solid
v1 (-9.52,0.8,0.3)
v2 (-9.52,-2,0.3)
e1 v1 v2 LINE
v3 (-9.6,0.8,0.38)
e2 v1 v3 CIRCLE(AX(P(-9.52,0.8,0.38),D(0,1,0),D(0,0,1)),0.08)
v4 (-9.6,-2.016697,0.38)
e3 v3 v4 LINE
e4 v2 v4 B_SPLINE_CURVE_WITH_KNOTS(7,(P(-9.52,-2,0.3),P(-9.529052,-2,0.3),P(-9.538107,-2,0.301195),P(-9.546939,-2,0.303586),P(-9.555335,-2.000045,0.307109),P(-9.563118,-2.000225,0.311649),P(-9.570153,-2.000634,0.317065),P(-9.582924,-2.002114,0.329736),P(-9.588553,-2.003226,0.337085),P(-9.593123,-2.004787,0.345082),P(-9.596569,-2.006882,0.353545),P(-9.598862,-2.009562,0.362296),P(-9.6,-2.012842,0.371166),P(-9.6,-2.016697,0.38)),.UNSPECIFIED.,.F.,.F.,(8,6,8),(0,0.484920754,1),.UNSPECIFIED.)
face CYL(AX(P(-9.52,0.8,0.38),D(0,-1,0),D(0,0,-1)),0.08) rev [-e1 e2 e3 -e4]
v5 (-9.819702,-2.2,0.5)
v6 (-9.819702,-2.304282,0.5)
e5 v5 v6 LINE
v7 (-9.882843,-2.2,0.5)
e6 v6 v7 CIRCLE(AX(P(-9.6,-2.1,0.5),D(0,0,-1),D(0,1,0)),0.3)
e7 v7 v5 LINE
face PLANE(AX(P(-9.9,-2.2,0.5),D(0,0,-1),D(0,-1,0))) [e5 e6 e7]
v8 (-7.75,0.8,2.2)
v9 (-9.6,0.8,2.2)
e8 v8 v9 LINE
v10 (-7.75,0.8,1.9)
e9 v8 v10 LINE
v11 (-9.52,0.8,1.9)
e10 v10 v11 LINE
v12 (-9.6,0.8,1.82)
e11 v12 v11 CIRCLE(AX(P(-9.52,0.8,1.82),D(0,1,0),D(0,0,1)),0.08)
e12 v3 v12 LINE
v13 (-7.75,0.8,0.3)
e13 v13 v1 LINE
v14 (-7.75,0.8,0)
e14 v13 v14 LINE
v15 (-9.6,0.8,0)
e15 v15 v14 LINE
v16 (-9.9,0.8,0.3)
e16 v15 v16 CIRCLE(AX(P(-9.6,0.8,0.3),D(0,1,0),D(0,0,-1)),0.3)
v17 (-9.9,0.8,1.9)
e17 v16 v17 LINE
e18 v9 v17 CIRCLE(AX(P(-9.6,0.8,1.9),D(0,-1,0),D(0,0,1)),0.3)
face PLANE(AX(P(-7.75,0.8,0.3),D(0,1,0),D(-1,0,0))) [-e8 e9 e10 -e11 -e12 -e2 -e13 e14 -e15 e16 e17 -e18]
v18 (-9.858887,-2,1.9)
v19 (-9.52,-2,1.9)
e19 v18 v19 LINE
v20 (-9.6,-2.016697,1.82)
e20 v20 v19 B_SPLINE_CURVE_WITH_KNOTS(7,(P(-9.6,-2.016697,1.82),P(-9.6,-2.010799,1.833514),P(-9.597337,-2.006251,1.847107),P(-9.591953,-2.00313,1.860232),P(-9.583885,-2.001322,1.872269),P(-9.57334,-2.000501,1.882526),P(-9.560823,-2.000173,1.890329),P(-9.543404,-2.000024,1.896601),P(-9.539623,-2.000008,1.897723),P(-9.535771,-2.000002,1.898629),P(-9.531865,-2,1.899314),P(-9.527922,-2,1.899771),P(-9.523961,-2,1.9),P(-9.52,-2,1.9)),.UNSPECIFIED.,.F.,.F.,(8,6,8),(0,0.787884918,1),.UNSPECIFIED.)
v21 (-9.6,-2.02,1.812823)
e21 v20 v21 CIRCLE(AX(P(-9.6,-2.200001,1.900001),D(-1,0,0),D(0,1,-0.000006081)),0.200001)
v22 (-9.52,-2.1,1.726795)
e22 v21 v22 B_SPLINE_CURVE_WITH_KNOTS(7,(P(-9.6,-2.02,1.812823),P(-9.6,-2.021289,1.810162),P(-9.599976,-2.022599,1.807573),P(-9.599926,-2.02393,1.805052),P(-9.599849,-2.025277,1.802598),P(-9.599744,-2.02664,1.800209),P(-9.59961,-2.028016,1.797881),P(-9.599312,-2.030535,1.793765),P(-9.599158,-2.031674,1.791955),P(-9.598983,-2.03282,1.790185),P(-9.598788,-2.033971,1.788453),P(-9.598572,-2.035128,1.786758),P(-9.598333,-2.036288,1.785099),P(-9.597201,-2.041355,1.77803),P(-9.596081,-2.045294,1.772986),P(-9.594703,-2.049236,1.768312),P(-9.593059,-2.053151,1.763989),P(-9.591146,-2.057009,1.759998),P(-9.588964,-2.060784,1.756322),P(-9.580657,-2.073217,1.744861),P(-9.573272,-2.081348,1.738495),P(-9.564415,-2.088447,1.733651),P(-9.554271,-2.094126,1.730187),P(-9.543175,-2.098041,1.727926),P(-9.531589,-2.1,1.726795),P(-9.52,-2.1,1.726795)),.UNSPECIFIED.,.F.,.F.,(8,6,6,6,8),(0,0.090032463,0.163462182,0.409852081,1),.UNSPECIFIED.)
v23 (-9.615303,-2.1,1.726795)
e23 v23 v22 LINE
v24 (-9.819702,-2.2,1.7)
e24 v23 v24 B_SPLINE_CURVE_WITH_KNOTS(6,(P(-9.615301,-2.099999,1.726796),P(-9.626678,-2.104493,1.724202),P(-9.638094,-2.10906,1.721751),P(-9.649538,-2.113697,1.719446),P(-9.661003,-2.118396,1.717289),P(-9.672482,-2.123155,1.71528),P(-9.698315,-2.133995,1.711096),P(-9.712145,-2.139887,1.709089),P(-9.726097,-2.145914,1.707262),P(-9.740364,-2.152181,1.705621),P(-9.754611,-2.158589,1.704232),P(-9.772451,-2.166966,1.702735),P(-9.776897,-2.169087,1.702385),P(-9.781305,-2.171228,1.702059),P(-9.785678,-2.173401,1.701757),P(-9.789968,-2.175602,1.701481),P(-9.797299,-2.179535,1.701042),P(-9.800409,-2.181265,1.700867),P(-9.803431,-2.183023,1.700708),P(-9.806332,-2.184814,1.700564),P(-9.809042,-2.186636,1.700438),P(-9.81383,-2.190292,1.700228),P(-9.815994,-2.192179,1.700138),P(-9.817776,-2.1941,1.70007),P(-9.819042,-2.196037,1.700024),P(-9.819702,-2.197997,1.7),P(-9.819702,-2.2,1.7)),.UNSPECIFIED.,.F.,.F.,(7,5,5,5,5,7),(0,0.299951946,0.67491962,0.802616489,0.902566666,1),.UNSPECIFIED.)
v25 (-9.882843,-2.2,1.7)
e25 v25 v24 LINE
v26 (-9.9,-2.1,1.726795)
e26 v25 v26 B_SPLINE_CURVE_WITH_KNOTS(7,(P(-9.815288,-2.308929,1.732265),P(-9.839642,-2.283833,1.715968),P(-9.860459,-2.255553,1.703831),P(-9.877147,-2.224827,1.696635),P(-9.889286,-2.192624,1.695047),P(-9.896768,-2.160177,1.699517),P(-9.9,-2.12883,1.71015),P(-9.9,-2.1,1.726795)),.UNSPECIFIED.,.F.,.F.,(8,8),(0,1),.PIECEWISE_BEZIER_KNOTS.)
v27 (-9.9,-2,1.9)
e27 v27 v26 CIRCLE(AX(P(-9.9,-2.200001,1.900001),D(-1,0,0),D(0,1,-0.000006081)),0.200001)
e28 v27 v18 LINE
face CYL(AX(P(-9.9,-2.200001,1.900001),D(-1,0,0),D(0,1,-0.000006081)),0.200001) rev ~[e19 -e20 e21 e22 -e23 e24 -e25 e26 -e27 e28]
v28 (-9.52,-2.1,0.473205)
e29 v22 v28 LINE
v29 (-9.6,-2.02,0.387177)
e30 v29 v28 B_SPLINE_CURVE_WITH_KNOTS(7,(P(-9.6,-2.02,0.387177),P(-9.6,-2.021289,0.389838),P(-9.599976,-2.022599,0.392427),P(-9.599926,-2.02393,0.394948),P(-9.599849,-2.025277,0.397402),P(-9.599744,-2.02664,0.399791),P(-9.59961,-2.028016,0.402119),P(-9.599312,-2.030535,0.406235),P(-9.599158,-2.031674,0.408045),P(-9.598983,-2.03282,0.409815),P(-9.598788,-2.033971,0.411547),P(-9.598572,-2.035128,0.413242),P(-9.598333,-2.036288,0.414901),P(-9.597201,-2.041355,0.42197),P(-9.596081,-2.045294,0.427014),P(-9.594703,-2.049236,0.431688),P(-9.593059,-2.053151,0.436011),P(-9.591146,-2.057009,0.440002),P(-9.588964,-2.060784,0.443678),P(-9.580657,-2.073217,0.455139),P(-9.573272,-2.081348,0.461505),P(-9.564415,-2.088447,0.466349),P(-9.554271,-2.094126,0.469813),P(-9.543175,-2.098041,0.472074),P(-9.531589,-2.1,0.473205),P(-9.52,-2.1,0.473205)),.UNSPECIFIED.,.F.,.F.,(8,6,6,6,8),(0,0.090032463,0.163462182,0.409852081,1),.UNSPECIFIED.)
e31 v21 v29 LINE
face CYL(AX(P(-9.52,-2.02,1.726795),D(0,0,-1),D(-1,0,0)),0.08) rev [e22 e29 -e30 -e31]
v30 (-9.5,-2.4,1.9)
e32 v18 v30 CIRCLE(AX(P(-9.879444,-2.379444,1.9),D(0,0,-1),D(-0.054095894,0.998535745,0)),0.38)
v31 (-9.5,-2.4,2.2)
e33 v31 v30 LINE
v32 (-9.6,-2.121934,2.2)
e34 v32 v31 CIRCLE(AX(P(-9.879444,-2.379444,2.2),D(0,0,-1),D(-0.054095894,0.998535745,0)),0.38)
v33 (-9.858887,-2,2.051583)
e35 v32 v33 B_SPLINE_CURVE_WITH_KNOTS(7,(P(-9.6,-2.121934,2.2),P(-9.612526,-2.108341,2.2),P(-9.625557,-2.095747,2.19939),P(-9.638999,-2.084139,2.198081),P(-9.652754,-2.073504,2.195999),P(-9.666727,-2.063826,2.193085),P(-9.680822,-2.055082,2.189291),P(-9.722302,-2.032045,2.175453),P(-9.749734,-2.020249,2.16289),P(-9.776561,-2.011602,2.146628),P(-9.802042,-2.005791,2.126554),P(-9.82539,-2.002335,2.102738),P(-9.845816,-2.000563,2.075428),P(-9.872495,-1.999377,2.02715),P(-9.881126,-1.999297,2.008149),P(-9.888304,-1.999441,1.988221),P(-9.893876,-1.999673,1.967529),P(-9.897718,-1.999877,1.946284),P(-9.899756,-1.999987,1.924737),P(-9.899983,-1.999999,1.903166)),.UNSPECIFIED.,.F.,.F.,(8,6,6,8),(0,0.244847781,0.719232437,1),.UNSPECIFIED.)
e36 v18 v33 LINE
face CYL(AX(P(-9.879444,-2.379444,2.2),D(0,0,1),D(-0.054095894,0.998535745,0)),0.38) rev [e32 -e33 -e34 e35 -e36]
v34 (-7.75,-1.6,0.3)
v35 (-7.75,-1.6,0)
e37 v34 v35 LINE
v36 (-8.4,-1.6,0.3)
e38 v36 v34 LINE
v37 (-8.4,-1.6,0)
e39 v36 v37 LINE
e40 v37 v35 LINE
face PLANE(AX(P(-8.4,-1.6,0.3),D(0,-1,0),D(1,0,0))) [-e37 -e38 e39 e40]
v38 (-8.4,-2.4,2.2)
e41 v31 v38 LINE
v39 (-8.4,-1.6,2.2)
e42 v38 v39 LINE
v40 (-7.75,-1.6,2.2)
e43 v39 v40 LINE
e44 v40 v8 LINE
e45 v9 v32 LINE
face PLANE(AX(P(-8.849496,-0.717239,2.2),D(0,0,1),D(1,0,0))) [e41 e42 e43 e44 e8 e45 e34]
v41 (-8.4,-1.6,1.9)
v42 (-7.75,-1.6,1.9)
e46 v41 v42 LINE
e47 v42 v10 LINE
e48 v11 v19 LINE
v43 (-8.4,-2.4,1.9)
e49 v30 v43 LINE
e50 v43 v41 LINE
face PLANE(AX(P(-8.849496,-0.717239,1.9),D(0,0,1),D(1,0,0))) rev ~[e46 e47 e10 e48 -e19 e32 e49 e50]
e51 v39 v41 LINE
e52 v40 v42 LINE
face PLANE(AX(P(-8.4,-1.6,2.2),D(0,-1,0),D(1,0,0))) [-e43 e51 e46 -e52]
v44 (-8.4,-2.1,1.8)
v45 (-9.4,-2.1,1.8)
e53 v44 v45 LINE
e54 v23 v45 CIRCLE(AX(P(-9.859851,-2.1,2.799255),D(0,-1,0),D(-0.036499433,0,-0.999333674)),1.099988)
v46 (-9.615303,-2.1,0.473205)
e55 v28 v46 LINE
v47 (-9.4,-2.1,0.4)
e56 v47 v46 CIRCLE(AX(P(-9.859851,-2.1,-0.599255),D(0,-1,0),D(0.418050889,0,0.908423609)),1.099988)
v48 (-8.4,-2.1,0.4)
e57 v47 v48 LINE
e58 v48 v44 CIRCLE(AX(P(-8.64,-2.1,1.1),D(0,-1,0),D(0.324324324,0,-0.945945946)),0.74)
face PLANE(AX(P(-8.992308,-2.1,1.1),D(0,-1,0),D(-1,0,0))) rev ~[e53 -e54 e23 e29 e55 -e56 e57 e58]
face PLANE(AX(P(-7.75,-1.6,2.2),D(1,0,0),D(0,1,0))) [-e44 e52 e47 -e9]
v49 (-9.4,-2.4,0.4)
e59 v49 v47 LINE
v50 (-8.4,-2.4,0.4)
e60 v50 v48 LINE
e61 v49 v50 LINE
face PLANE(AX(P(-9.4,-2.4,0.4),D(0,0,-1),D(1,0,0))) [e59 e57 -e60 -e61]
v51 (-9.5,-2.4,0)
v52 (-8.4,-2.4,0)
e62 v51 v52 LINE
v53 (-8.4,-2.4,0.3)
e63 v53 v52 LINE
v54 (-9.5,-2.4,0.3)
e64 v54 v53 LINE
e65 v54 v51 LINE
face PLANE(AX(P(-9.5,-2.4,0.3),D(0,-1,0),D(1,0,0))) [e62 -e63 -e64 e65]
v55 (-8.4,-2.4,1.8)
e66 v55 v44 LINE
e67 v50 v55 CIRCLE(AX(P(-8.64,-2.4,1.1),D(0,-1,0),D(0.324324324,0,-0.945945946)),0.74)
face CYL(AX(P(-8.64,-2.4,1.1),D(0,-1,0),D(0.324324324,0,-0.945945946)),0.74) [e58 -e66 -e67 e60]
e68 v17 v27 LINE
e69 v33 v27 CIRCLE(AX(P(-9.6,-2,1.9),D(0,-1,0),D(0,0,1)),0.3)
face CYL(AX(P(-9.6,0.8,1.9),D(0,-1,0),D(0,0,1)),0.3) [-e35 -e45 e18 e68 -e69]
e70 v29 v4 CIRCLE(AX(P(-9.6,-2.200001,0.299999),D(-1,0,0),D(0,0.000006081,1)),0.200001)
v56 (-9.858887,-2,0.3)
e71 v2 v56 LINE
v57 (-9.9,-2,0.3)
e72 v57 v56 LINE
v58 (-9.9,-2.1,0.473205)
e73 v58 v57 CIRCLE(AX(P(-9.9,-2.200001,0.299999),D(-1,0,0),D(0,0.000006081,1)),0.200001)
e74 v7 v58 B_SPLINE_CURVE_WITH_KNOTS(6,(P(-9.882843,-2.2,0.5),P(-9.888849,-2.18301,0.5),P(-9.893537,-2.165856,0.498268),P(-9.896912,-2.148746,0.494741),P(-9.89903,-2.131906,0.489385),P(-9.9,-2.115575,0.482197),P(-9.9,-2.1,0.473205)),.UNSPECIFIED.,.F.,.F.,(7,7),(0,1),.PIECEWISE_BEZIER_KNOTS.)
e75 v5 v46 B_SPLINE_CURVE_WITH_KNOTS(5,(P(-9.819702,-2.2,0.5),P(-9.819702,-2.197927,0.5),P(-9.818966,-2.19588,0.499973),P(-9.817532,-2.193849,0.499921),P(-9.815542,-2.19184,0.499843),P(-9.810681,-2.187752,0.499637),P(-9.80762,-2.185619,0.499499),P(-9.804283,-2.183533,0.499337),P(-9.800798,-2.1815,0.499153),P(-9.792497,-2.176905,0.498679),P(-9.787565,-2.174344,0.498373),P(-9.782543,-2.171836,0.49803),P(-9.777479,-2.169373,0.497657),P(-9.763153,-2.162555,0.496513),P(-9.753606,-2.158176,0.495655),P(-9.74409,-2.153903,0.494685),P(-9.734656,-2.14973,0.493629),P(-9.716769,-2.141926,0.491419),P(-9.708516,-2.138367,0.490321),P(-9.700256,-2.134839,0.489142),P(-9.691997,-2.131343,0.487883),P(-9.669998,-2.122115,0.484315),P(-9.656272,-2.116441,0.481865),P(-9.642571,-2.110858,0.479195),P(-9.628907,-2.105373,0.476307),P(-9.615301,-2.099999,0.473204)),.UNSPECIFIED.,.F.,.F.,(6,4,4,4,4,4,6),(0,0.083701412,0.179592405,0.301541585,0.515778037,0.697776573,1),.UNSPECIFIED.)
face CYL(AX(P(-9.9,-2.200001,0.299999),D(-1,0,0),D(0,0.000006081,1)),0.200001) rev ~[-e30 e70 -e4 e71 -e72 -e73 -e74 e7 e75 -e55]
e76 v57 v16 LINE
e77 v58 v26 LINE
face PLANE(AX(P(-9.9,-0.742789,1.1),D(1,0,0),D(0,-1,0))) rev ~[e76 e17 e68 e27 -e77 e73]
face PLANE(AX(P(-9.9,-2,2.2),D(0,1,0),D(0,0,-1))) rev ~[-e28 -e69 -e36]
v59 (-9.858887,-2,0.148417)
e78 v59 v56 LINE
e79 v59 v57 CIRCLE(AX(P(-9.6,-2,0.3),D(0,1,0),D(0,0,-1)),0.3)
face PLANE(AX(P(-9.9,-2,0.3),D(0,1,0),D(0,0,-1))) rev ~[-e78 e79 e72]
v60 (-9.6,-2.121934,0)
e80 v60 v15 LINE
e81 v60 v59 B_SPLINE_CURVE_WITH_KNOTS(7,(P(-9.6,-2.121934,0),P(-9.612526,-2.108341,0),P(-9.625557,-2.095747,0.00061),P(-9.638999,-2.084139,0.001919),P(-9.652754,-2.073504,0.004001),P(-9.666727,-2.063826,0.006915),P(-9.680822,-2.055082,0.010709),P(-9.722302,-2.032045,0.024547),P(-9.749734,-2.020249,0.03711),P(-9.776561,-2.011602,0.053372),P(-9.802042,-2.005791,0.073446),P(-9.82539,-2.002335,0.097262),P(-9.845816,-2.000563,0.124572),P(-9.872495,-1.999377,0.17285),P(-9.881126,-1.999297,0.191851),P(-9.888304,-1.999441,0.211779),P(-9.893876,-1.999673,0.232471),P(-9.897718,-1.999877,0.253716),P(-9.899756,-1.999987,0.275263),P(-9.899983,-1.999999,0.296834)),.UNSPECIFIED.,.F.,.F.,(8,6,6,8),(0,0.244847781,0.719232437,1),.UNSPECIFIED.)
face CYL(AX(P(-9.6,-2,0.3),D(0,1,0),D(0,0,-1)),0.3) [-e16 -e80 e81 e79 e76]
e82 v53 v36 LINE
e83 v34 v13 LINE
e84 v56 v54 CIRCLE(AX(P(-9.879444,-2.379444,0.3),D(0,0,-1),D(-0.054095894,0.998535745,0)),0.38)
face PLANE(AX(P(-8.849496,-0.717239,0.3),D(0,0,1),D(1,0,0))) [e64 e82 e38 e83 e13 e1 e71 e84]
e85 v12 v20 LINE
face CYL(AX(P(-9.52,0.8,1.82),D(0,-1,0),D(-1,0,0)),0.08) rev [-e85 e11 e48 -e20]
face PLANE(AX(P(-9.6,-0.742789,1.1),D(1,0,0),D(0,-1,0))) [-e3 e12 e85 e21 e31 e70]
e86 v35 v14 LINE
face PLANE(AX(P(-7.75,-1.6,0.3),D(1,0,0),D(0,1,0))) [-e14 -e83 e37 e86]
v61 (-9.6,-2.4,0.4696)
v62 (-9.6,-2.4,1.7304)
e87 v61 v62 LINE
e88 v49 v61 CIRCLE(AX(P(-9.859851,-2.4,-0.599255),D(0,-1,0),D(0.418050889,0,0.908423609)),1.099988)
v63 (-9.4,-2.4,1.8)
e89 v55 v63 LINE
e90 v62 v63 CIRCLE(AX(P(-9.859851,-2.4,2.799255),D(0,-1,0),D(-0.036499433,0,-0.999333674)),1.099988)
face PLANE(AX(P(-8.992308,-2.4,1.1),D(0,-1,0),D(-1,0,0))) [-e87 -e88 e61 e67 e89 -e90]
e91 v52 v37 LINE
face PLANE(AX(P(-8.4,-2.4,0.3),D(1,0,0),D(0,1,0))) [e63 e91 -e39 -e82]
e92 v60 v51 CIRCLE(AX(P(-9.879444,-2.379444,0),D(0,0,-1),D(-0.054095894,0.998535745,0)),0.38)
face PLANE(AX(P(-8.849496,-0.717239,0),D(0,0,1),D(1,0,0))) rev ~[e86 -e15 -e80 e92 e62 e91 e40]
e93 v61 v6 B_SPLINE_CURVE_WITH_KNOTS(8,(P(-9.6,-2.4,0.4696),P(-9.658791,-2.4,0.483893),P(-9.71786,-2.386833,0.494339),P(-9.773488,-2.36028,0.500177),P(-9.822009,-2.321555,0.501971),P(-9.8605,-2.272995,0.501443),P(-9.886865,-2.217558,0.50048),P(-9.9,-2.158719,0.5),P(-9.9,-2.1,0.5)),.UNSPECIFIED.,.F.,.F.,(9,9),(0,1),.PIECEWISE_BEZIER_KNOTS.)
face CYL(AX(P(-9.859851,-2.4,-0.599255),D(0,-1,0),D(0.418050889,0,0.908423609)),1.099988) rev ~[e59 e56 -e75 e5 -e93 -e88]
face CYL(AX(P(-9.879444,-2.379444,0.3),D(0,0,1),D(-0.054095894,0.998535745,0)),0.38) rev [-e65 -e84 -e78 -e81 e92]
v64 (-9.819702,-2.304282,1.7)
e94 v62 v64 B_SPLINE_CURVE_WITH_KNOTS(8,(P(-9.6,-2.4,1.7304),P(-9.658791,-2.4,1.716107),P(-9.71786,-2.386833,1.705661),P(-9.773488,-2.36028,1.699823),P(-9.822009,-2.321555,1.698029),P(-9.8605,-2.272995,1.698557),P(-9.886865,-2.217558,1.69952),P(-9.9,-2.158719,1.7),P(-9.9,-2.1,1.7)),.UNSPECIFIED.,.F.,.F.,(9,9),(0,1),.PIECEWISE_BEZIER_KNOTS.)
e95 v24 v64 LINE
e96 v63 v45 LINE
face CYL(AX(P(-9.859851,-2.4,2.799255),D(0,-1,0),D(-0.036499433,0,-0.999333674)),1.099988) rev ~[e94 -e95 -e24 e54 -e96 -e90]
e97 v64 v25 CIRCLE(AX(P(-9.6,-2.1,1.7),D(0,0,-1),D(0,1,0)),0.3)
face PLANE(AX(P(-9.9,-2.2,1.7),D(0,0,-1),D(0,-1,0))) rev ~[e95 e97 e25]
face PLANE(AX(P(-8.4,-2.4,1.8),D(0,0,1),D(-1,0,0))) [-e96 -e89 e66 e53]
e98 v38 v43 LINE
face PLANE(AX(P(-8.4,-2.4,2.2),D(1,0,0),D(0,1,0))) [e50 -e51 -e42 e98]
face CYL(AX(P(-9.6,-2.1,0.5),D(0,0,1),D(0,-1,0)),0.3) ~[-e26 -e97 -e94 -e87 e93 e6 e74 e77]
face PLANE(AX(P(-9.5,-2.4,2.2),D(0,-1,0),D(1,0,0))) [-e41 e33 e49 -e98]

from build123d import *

# Parameters (mm, degrees)
PAD020_DEPTH              = 0.3
PAD019_DEPTH              = 0.3
PAD021_DEPTH              = 0.3
PAD018_DEPTH              = 0.3
FILLET004_R               = 0.3
FILLET005_R               = 0.08
FILLET005_PLACEMENT_ANGLE = 180


with BuildPart() as body020:
    # Sketch019 → Pad020 (new body)
    with BuildSketch(Plane.XZ.offset(2.4)):
        with BuildLine():
            Line((9.4, 1.8), (8.4, 1.8))
            ThreePointArc((8.4, 1.8), (7.9, 1.1), (8.4, 0.4))
            Line((8.4, 0.4), (9.4, 0.4))
            ThreePointArc((9.9, 0.5), (9.644126, 0.479372), (9.4, 0.4))
            Line((9.9, 0.5), (9.9, 1.7))
            ThreePointArc((9.4, 1.8), (9.644126, 1.720628), (9.9, 1.7))
        make_face()
    extrude(amount=-PAD020_DEPTH)


with BuildPart() as body021:
    # Sketch021 → Pad019 (new body)
    with BuildSketch(Plane.XY):
        with BuildLine():
            Line((9.5, -2.4), (8.4, -2.4))
            Line((8.4, -2.4), (8.4, -1.6))
            Line((8.4, -1.6), (7.75, -1.6))
            Line((7.75, -1.6), (7.75, 0.8))
            Line((7.75, 0.8), (9.9, 0.8))
            Line((9.9, 0.8), (9.9, -2))
            ThreePointArc((9.9, -2), (9.610743, -2.110743), (9.5, -2.4))
        make_face()
    extrude(amount=PAD019_DEPTH)


with BuildPart() as body019:
    # Sketch020 → Pad021 (new body)
    with BuildSketch(Plane.XY.offset(1.9)):
        with BuildLine():
            Line((9.5, -2.4), (8.4, -2.4))
            Line((8.4, -2.4), (8.4, -1.6))
            Line((8.4, -1.6), (7.75, -1.6))
            Line((7.75, -1.6), (7.75, 0.8))
            Line((7.75, 0.8), (9.9, 0.8))
            Line((9.9, 0.8), (9.9, -2))
            ThreePointArc((9.9, -2), (9.610743, -2.110743), (9.5, -2.4))
        make_face()
    extrude(amount=PAD021_DEPTH)


with BuildPart() as fillet005:
    # Sketch018 → Pad018 (new body)
    with BuildSketch(Plane.YZ.offset(9.9)):
        with BuildLine():
            Line((0.8, 2.2), (0.8, 0))
            Line((0.8, 0), (-2, 0))
            Line((-2, 0), (-2, 0.3))
            ThreePointArc((-2, 0.3), (-2.058579, 0.441421), (-2.2, 0.5))
            Line((-2.2, 0.5), (-2.4, 0.5))
            Line((-2.4, 1.7), (-2.4, 0.5))
            Line((-2.2, 1.7), (-2.4, 1.7))
            ThreePointArc((-2.2, 1.7), (-2.058579, 1.758579), (-2, 1.9))
            Line((-2, 1.9), (-2, 2.2))
            Line((-2, 2.2), (0.8, 2.2))
        make_face()
    extrude(amount=-PAD018_DEPTH)

    # Fusion003: union Body020, Body021, Body019
    add(body020.part)
    add(body021.part)
    add(body019.part)

    # Fillet004
    fillet004_edges = [fillet005.edges().sort_by_distance(p)[0] for p in [
        (9.9, -2.4, 1.1),
        (9.9, -0.6, 0),
        (9.9, -0.6, 2.2),
    ]]
    fillet(fillet004_edges, radius=FILLET004_R)

    # Fillet005
    fillet005_edges = [fillet005.edges().sort_by_distance(p)[0] for p in [
        (9.6, -2.1, 1.1),
        (9.6, -0.6, 0.3),
        (9.6, -0.6, 1.9),
    ]]
    fillet(fillet005_edges, radius=FILLET005_R)


with BuildPart() as fillet005_1:
    # Fillet005 placement: moved
    add(fillet005.part.moved(Location((0, 0, 2.2))).rotate(Axis((0, 0, 2.2), (0, 1, 0)), FILLET005_PLACEMENT_ANGLE))


solid = fillet005_1.part
